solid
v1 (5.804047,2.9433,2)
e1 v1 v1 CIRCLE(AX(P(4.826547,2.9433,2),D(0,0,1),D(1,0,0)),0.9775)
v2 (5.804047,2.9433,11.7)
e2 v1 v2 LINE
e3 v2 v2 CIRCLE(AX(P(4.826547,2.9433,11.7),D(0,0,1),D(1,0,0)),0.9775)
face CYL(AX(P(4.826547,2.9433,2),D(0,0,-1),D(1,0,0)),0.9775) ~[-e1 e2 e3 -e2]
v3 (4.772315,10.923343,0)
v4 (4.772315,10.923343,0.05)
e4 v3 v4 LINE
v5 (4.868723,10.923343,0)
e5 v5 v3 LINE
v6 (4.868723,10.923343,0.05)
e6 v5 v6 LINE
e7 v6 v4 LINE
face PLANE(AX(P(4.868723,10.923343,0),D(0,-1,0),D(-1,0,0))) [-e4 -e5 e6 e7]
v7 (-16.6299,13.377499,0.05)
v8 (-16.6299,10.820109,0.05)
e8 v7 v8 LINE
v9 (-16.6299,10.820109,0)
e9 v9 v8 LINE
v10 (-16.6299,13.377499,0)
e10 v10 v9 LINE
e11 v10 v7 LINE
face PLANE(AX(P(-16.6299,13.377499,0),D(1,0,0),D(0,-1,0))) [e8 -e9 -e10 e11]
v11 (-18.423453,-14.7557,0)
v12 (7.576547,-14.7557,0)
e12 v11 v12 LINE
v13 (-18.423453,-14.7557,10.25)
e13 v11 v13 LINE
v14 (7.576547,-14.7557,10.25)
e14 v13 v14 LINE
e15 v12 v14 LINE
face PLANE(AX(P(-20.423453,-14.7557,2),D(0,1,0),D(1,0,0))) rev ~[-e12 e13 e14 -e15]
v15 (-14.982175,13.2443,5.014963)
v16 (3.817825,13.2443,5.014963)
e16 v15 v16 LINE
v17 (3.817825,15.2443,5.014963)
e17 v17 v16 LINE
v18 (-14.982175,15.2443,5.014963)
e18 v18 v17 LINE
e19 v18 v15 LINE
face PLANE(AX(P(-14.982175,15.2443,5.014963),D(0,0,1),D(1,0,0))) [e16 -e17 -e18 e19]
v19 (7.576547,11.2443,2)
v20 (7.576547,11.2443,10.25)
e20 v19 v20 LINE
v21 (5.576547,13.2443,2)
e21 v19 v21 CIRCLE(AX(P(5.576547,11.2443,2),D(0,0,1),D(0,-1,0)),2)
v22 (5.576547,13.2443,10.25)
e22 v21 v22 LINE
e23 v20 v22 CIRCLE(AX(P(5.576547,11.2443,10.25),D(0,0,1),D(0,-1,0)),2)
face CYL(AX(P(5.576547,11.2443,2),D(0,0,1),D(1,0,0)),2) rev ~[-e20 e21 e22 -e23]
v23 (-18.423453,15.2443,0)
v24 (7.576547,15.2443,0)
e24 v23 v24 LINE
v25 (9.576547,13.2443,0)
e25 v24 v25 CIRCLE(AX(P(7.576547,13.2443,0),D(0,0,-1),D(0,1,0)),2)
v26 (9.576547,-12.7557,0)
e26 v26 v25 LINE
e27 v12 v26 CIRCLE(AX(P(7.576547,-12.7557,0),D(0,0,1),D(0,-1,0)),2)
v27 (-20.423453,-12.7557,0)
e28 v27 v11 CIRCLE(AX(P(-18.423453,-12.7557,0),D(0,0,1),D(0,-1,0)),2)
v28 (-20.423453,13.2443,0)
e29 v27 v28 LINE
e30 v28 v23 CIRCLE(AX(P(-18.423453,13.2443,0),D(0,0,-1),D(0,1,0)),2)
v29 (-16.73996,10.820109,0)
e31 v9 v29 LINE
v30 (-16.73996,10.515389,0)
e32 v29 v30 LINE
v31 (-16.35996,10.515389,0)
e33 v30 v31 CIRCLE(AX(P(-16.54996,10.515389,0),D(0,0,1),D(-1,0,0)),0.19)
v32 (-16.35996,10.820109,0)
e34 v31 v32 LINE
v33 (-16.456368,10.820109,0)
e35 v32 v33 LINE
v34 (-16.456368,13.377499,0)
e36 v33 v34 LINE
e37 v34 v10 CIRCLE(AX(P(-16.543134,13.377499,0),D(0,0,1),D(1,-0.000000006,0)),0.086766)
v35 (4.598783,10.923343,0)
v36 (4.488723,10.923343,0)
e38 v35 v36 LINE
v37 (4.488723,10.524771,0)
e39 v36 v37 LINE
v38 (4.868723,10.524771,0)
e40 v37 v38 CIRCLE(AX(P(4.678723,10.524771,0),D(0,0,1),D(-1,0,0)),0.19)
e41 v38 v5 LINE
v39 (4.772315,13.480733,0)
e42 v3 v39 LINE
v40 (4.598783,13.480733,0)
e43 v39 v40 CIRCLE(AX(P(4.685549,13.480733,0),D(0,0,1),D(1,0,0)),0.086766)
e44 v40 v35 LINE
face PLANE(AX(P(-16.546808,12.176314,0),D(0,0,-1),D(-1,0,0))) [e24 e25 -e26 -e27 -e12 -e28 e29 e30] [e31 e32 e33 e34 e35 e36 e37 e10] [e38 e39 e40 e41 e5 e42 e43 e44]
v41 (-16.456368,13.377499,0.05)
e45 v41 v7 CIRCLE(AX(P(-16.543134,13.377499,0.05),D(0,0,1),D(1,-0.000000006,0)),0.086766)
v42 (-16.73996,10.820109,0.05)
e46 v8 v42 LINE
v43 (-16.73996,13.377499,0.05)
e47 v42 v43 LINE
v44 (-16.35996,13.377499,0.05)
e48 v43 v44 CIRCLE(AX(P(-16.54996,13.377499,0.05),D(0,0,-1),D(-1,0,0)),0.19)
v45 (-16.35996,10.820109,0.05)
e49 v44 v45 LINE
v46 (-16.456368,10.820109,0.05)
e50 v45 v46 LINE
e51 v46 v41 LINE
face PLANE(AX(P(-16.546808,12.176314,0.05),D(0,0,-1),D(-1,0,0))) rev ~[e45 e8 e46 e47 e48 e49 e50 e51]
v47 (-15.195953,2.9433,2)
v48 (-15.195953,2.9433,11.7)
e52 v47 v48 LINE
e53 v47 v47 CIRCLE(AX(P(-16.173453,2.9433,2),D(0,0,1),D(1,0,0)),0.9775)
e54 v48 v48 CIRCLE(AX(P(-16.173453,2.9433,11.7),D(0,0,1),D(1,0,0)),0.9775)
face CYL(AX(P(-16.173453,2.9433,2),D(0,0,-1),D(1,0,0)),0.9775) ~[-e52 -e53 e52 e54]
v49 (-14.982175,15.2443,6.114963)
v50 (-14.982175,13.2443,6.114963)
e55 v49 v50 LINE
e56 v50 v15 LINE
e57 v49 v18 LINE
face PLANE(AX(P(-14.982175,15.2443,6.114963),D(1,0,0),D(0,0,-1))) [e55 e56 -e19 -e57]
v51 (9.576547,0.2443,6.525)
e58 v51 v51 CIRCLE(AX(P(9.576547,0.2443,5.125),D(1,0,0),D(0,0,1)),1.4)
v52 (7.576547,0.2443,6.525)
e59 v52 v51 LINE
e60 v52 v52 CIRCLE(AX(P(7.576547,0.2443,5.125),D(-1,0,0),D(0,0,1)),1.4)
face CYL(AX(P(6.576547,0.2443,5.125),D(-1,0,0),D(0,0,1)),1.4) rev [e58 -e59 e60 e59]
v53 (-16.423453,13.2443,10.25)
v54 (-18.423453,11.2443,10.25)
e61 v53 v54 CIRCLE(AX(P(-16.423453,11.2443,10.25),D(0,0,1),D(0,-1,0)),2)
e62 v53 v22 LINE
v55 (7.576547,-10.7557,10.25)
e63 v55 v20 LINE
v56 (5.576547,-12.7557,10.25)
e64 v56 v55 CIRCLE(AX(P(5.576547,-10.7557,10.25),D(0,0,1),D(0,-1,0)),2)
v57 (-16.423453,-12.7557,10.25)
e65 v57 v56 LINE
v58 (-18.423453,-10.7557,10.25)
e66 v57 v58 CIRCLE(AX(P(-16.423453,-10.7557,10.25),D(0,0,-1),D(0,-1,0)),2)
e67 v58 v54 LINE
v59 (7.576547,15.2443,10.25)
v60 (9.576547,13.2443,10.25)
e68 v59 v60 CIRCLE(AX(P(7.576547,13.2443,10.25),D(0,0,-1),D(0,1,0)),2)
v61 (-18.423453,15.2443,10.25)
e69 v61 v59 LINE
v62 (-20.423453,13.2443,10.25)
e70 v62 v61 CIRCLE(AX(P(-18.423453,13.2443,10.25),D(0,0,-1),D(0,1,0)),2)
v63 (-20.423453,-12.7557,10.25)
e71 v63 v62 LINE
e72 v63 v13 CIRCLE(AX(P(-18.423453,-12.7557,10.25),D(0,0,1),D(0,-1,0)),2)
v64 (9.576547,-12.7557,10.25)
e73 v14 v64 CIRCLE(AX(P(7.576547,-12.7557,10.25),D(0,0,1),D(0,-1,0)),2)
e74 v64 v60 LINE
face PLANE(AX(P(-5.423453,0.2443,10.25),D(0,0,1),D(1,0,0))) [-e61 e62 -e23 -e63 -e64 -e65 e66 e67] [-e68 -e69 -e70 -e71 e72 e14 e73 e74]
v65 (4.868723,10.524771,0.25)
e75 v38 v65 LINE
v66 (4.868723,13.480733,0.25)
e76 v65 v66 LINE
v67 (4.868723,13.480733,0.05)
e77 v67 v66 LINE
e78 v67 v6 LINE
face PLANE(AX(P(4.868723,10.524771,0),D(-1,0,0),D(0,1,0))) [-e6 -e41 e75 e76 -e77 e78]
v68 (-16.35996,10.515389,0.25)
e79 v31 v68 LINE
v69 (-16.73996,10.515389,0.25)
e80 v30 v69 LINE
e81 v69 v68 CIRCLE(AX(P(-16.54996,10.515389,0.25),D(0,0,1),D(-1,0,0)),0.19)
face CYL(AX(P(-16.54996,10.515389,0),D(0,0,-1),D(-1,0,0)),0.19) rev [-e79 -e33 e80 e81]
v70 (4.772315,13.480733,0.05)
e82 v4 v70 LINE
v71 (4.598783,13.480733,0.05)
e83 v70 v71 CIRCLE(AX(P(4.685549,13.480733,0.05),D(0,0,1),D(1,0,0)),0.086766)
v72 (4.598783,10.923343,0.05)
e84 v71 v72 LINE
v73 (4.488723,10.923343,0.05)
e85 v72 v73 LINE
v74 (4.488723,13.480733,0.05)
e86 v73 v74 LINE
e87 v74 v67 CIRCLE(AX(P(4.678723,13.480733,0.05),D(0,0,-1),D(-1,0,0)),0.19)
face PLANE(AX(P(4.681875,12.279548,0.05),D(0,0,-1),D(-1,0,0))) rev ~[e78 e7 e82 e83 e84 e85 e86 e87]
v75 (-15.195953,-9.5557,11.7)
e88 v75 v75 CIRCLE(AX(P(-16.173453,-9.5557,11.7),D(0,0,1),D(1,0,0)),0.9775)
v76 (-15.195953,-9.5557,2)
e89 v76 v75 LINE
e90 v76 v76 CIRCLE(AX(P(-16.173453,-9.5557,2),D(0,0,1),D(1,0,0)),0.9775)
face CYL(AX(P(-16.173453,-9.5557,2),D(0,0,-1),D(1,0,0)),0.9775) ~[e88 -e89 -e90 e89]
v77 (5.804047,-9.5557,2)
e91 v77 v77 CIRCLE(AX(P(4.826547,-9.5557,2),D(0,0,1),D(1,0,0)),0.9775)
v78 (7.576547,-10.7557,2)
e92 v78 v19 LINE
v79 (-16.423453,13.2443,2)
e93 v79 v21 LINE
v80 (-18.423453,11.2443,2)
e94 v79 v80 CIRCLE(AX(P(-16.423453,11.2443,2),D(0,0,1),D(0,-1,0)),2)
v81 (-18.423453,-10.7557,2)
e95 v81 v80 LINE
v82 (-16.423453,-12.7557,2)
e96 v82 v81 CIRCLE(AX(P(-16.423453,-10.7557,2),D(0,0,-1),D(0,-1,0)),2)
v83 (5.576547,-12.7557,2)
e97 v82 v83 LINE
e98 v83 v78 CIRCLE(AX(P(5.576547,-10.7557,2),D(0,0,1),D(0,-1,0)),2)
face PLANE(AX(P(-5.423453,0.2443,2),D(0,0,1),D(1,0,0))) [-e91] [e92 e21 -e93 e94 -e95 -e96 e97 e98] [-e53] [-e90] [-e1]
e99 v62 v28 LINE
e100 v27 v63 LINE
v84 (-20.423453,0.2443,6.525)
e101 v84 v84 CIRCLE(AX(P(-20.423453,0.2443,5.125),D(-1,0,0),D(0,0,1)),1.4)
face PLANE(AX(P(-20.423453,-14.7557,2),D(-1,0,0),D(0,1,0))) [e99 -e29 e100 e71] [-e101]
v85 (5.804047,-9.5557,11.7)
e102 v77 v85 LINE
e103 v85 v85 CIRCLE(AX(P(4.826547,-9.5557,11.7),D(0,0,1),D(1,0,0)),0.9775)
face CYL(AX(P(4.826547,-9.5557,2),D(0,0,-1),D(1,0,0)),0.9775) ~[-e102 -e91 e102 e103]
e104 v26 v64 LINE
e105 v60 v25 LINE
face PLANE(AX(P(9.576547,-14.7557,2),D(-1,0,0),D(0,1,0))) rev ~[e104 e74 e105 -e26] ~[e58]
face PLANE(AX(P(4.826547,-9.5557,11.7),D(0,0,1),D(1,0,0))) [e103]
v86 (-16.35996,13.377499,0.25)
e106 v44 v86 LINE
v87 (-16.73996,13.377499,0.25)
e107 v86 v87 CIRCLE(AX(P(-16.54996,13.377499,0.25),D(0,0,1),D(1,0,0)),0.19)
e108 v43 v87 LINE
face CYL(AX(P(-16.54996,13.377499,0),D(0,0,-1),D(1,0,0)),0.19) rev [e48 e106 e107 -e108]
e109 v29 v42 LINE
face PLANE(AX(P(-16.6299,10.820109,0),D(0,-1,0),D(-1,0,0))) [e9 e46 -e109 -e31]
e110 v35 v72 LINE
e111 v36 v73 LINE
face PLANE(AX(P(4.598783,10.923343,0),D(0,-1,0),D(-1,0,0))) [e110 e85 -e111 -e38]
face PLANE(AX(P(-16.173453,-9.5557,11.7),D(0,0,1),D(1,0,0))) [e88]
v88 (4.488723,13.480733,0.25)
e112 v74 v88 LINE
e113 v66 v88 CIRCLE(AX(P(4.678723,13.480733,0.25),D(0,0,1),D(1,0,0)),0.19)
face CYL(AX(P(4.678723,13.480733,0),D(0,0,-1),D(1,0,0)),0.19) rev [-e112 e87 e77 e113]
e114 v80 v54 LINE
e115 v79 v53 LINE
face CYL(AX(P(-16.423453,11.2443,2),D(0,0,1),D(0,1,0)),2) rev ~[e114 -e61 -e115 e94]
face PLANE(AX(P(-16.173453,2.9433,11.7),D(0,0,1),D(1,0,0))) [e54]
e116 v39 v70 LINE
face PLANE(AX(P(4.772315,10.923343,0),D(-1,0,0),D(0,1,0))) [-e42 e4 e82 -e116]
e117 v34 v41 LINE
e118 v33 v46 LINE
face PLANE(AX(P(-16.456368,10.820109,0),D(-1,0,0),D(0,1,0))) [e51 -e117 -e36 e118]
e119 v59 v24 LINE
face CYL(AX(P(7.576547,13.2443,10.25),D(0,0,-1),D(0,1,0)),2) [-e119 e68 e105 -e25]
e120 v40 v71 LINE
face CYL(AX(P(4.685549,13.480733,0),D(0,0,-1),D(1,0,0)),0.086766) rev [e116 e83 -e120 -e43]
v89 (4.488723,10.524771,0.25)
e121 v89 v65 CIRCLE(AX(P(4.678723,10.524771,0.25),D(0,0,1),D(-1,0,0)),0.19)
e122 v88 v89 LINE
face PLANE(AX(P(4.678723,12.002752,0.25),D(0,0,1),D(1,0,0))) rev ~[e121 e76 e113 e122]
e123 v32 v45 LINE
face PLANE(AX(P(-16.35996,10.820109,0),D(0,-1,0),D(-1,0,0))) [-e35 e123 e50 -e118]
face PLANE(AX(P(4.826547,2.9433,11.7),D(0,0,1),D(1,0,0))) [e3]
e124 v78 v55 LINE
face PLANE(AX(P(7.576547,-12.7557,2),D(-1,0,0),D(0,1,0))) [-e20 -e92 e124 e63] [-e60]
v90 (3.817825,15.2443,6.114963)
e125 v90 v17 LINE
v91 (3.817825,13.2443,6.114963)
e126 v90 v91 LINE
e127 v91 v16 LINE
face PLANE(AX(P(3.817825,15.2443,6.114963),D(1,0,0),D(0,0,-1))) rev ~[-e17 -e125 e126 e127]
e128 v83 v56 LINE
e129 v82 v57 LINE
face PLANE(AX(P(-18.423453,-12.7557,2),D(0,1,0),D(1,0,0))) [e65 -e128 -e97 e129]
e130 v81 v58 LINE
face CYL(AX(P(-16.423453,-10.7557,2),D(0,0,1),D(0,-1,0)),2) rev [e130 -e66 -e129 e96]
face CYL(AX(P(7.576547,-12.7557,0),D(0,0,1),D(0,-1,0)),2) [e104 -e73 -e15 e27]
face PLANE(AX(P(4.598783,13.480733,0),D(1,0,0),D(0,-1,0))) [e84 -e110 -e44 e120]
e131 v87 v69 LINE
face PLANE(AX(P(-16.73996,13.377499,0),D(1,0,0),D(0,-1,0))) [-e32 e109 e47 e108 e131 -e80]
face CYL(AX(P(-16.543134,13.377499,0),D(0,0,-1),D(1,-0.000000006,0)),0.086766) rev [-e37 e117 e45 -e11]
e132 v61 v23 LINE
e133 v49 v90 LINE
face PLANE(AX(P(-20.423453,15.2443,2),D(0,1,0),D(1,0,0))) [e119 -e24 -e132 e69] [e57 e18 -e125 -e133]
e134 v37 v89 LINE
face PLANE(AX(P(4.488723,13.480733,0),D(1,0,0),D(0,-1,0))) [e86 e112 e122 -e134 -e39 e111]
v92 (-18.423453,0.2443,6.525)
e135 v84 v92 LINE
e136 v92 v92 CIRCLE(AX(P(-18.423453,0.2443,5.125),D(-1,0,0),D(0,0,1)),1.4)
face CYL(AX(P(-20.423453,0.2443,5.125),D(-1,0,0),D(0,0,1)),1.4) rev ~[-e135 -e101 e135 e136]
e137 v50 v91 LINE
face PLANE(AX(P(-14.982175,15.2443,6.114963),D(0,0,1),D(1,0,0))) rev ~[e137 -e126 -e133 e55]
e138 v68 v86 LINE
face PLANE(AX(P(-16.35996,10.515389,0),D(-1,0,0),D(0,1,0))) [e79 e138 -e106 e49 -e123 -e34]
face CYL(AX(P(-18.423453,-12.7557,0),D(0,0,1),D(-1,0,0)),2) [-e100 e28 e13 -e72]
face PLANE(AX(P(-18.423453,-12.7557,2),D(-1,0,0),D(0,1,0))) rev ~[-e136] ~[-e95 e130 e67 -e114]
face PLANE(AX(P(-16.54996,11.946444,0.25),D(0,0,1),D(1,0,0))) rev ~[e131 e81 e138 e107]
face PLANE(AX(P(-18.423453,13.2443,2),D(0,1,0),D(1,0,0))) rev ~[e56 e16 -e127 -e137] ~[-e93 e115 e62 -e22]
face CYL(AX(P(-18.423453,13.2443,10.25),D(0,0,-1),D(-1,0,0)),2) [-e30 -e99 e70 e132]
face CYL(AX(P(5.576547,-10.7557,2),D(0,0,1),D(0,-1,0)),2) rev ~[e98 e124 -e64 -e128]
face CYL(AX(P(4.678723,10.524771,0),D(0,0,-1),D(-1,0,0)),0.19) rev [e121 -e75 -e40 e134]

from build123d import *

# Parameters (mm, degrees)
SKETCH1_W           = 30
SKETCH1_H           = 30
BOSS_EXTRUDE1_DEPTH = 2
SKETCH4_R           = 0.9775
BOSS_EXTRUDE3_DEPTH = 9.7
SKETCH5_W           = 30
SKETCH5_H           = 30
SKETCH5_W_2         = 26
SKETCH5_H_2         = 26
BOSS_EXTRUDE4_DEPTH = 8.25
SKETCH6_W           = 18.8
SKETCH6_H           = 1.1
CUT_EXTRUDE1_DEPTH  = 10
FILLET1_R           = 2
CUT_EXTRUDE4_DEPTH  = 0.25
BOSS_EXTRUDE6_DEPTH = 0.05
CUT_EXTRUDE5_DEPTH  = 0.25
BOSS_EXTRUDE7_DEPTH = 0.05
SKETCH23_R          = 1.4
CUT_EXTRUDE6_DEPTH  = 3
CUT_EXTRUDE7_START  = -3
SKETCH24_R          = 1.4
CUT_EXTRUDE7_DEPTH  = 3


with BuildPart() as part:
    # Sketch1 → Boss-Extrude1 (new body)
    with BuildSketch(Plane.XY):
        with Locations((-5.423452769, 0.244299674)):
            Rectangle(SKETCH1_W, SKETCH1_H)
    extrude(amount=BOSS_EXTRUDE1_DEPTH)

    # Sketch4 → Boss-Extrude3 (add)
    with BuildSketch(Plane.XY.offset(2)):
        with Locations((-16.173452769, 2.943299674)):
            Circle(SKETCH4_R)
        with Locations((-16.173452769, -9.555700326)):
            Circle(SKETCH4_R)
        with Locations((4.826547231, 2.943299674)):
            Circle(SKETCH4_R)
        with Locations((4.826547231, -9.555700326)):
            Circle(SKETCH4_R)
    extrude(amount=BOSS_EXTRUDE3_DEPTH)

    # Sketch5 → Boss-Extrude4 (add)
    with BuildSketch(Plane.XY.offset(2)):
        with Locations((-5.423452769, 0.244299674)):
            Rectangle(SKETCH5_W, SKETCH5_H)
        with Locations((-5.423452769, 0.244299674)):
            Rectangle(SKETCH5_W_2, SKETCH5_H_2, mode=Mode.SUBTRACT)
    extrude(amount=BOSS_EXTRUDE4_DEPTH)

    # Sketch6 → Cut-Extrude1 (cut)
    with BuildSketch(Plane(origin=(0, 15.244299674, 0), x_dir=(1, 0, 0), z_dir=(0, 1, 0))):
        with Locations((-5.582175382, -5.564963199)):
            Rectangle(SKETCH6_W, SKETCH6_H)
    extrude(amount=-CUT_EXTRUDE1_DEPTH, mode=Mode.SUBTRACT)

    # Fillet1
    fillet1_edges = [part.edges().sort_by_distance(p)[0] for p in [
        (7.576547231, 13.244299674, 6.125),
        (7.576547231, -12.755700326, 6.125),
        (-18.423452769, -12.755700326, 6.125),
        (-18.423452769, 13.244299674, 6.125),
        (-20.423452769, 15.244299674, 5.125),
        (9.576547231, 15.244299674, 5.125),
        (9.576547231, -14.755700326, 5.125),
        (-20.423452769, -14.755700326, 5.125),
    ]]
    fillet(fillet1_edges, radius=FILLET1_R)

    # Sketch15 → Cut-Extrude4 (cut)
    with BuildSketch(Plane(origin=(0, 0, 0), x_dir=(-1, 0, 0), z_dir=(0, 0, -1))):
        with BuildLine():
            Line((-4.48872314, 13.480732705), (-4.48872314, 10.524770746))
            ThreePointArc((-4.48872314, 10.524770746), (-4.67872314, 10.334770746), (-4.86872314, 10.524770746))
            Line((-4.86872314, 10.524770746), (-4.86872314, 13.480732705))
            ThreePointArc((-4.86872314, 13.480732705), (-4.67872314, 13.670732705), (-4.48872314, 13.480732705))
        make_face()
    extrude(amount=-CUT_EXTRUDE4_DEPTH, mode=Mode.SUBTRACT)

    # Sketch16 → Boss-Extrude6 (add)
    with BuildSketch(Plane(origin=(0, 0, 0), x_dir=(-1, 0, 0), z_dir=(0, 0, -1))):
        with BuildLine():
            Line((-4.86872314, 10.923343064), (-4.772315146, 10.923343064))
            Line((-4.772315146, 10.923343064), (-4.772315146, 13.480732705))
            ThreePointArc((-4.772315146, 13.480732705), (-4.68554888, 13.567498971), (-4.598782614, 13.480732705))
            Line((-4.598782614, 13.480732705), (-4.598782614, 10.923343064))
            Line((-4.598782614, 10.923343064), (-4.48872314, 10.923343064))
            Line((-4.48872314, 10.923343064), (-4.48872314, 13.480732705))
            ThreePointArc((-4.48872314, 13.480732705), (-4.67872314, 13.670732705), (-4.86872314, 13.480732705))
            Line((-4.86872314, 13.480732705), (-4.86872314, 10.923343064))
        make_face()
    extrude(amount=-BOSS_EXTRUDE6_DEPTH)

    # Sketch20 → Cut-Extrude5 (cut)
    with BuildSketch(Plane(origin=(0, 0, 0), x_dir=(-1, 0, 0), z_dir=(0, 0, -1))):
        with BuildLine():
            Line((16.739959819, 13.377498971), (16.739959819, 10.515388846))
            ThreePointArc((16.739959819, 10.515388846), (16.549959819, 10.325388846), (16.359959819, 10.515388846))
            Line((16.359959819, 10.515388846), (16.359959819, 13.377498971))
            ThreePointArc((16.359959819, 13.377498971), (16.549959819, 13.567498971), (16.739959819, 13.377498971))
        make_face()
    extrude(amount=-CUT_EXTRUDE5_DEPTH, mode=Mode.SUBTRACT)

    # Sketch19 → Boss-Extrude7 (add)
    with BuildSketch(Plane(origin=(0, 0, 0), x_dir=(-1, 0, 0), z_dir=(0, 0, -1))):
        with BuildLine():
            Line((16.359959819, 10.82010933), (16.456367814, 10.82010933))
            Line((16.456367814, 10.82010933), (16.456367814, 13.377498971))
            ThreePointArc((16.456367814, 13.377498971), (16.543134079, 13.464265237), (16.629900345, 13.377498971))
            Line((16.629900345, 13.377498971), (16.629900345, 10.82010933))
            Line((16.629900345, 10.82010933), (16.739959819, 10.82010933))
            Line((16.739959819, 10.82010933), (16.739959819, 13.377498971))
            ThreePointArc((16.739959819, 13.377498971), (16.549959819, 13.567498971), (16.359959819, 13.377498971))
            Line((16.359959819, 13.377498971), (16.359959819, 10.82010933))
        make_face()
    extrude(amount=-BOSS_EXTRUDE7_DEPTH)

    # Sketch23 → Cut-Extrude6 (cut)
    with BuildSketch(Plane.ZY.offset(20.423452769)):
        with Locations((5.125, 0.244299674)):
            Circle(SKETCH23_R)
    extrude(amount=-CUT_EXTRUDE6_DEPTH, mode=Mode.SUBTRACT)

    # Sketch24 → Cut-Extrude7 (cut)
    with BuildSketch(Plane(origin=(9.576547231, 0, 0), x_dir=(0, 0, -1), z_dir=(1, 0, 0)).offset(CUT_EXTRUDE7_START)):
        with Locations(Location((-5.125, 0.244299674, 0), (0, 0, 180))):
            Circle(SKETCH24_R)
    extrude(amount=CUT_EXTRUDE7_DEPTH, mode=Mode.SUBTRACT)


solid = part.part
